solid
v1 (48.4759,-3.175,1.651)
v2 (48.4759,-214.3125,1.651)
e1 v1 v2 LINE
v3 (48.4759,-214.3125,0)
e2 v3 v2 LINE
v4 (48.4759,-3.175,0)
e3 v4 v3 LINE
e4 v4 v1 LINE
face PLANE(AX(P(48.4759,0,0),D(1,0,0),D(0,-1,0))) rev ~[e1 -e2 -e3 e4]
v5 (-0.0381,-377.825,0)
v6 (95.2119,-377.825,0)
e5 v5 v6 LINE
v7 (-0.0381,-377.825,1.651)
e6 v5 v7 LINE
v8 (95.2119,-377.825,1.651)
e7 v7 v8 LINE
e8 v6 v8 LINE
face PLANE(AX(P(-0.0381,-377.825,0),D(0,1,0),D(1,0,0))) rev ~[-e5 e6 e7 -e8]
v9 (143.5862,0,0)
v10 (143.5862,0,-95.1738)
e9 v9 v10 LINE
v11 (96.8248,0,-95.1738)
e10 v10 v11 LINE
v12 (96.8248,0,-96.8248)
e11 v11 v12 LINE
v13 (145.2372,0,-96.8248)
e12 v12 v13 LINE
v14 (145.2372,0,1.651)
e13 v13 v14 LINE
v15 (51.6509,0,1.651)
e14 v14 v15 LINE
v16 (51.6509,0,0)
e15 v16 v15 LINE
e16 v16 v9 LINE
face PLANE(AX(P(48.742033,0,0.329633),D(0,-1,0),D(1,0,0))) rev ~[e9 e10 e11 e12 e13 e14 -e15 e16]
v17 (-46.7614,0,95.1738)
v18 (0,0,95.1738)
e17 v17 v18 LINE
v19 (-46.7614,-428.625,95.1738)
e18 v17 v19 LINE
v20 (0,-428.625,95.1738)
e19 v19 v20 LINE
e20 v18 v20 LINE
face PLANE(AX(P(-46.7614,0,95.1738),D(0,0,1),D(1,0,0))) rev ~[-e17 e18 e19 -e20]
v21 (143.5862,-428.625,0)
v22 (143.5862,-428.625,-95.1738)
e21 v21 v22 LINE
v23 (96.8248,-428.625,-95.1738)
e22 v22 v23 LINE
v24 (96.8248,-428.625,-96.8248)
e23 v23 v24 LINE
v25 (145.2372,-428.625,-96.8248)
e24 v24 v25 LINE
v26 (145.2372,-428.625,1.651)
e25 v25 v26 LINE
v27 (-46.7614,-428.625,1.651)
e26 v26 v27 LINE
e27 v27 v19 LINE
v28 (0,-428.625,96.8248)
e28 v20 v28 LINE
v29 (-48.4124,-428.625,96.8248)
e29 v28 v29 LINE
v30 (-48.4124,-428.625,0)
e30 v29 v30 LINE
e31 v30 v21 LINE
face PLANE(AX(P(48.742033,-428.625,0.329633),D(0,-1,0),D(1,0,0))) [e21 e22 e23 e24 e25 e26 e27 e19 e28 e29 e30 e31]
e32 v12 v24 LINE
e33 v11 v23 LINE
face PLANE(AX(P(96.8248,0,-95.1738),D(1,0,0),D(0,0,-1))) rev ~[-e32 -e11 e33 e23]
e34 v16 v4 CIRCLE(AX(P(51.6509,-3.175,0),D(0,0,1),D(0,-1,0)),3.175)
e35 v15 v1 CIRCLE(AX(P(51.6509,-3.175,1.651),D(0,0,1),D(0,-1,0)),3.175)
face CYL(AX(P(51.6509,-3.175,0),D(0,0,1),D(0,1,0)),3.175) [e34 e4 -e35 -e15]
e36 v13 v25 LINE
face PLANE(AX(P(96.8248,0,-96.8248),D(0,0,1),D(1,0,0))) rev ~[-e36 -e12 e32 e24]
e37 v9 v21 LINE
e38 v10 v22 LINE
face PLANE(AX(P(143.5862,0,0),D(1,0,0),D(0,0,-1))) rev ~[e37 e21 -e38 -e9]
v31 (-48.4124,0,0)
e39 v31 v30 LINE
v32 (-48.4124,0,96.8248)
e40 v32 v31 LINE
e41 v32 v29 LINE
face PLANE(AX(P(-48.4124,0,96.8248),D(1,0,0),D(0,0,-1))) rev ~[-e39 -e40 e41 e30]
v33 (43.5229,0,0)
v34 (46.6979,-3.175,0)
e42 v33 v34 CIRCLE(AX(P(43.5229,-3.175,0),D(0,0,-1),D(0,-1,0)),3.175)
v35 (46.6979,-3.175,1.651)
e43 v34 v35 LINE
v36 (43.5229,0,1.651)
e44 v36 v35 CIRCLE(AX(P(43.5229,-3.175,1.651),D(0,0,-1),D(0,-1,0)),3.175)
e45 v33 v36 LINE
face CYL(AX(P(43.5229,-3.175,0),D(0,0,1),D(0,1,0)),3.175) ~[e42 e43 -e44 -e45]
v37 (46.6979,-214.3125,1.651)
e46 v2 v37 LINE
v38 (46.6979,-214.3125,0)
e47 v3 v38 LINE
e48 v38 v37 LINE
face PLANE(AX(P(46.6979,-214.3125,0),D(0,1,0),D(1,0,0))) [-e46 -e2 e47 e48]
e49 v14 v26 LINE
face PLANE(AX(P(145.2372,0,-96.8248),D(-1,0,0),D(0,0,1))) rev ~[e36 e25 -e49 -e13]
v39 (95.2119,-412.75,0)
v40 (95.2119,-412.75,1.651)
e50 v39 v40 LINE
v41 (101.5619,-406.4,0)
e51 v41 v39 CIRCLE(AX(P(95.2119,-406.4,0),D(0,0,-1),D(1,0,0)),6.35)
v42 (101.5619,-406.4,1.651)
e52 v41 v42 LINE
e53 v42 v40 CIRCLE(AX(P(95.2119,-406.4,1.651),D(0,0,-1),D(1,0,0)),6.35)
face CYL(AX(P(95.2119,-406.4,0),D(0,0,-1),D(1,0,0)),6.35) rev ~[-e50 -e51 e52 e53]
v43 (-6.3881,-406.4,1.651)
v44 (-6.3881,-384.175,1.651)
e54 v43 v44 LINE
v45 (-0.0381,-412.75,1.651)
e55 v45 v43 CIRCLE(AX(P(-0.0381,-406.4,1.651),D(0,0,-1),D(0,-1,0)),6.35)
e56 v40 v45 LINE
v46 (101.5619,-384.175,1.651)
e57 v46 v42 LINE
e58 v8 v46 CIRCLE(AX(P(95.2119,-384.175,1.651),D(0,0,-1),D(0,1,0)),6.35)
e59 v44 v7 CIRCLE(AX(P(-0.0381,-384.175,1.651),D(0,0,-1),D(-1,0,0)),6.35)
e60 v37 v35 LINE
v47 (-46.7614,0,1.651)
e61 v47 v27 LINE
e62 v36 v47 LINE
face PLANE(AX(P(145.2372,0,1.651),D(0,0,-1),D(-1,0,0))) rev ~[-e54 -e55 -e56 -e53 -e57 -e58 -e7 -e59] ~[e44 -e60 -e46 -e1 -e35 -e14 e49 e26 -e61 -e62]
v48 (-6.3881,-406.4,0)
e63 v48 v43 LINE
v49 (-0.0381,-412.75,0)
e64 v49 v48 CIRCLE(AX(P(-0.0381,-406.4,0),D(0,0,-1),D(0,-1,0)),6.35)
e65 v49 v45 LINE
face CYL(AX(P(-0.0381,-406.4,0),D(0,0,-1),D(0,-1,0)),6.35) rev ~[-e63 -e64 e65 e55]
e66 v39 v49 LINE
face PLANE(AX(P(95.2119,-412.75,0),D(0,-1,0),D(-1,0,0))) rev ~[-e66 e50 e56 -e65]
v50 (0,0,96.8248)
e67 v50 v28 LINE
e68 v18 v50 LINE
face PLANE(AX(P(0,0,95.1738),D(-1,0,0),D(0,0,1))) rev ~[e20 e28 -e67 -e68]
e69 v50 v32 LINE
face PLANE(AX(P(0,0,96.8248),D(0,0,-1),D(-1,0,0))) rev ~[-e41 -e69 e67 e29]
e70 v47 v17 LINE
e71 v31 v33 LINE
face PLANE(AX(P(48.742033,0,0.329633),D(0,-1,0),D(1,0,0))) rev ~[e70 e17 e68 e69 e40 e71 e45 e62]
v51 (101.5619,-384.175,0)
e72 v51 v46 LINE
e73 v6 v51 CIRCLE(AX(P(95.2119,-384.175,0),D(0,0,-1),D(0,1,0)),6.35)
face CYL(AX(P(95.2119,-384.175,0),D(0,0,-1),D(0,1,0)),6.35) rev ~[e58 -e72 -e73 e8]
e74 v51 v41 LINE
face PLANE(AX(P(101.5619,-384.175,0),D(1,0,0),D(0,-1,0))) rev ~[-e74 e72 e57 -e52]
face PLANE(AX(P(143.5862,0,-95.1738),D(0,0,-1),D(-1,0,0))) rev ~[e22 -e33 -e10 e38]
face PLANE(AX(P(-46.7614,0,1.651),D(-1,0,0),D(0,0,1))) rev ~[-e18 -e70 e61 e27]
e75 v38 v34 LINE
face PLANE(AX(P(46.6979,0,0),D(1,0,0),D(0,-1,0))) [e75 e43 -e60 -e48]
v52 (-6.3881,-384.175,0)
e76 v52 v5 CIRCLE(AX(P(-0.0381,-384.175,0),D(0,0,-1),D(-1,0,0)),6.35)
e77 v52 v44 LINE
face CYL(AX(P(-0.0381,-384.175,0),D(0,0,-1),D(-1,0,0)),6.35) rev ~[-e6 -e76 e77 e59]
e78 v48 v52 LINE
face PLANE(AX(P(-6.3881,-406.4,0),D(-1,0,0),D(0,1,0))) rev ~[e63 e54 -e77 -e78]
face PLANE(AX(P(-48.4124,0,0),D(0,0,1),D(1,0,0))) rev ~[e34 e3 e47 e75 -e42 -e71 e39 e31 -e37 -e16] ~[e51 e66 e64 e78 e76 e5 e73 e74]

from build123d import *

# Parameters (mm, degrees)
F1_DEPTH = 428.625
F2_W     = 1.778
F2_H     = 214.3125
F3_DEPTH = 1.651
F4_R     = 3.175
F5_R     = 0.762
F6_DEPTH = 25.4


with BuildPart() as f1:
    # F0 (on Front) → F1 (new body)
    with BuildSketch(Plane.XZ):
        Polygon((0, 95.1738), (0, 96.8248), (-48.4124, 96.8248), (-48.4124, 0), (143.5862, 0), (143.5862, -95.1738), (96.8248, -95.1738), (96.8248, -96.8248), (145.2372, -96.8248), (145.2372, 1.651), (-46.7614, 1.651), (-46.7614, 95.1738), align=None)
    extrude(amount=F1_DEPTH)

    # F2 (on face) → F3 (cut)
    with BuildSketch(Plane(origin=(0, 0, 0), x_dir=(1, 0, 0), z_dir=(0, 0, -1))):
        with Locations((47.5869, 107.15625)):
            Rectangle(F2_W, F2_H)
        with BuildLine():
            Line((101.5619, 384.175), (101.5619, 406.4))
            ThreePointArc((101.5619, 406.4), (99.7020280605, 410.8901280605), (95.2119, 412.75))
            Line((95.2119, 412.75), (-0.0381, 412.75))
            ThreePointArc((-0.0381, 412.75), (-4.5282280605, 410.8901280605), (-6.3881, 406.4))
            Line((-6.3881, 406.4), (-6.3881, 384.175))
            ThreePointArc((-6.3881, 384.175), (-4.5282280605, 379.6848719395), (-0.0381, 377.825))
            Line((-0.0381, 377.825), (95.2119, 377.825))
            ThreePointArc((95.2119, 377.825), (99.7020280605, 379.6848719395), (101.5619, 384.175))
        make_face()
    extrude(amount=-F3_DEPTH, mode=Mode.SUBTRACT)

    # F4
    f4_edges = [f1.edges().sort_by_distance(p)[0] for p in [
        (48.4759, 0, 0.8255),
        (46.6979, 0, 0.8255),
    ]]
    fillet(f4_edges, radius=F4_R)

    # F5
    f5_edges = [f1.edges().sort_by_distance(p)[0] for p in [
        (46.6979, -214.3125, 0.8255),
        (48.4759, -214.3125, 0.8255),
    ]]
    fillet(f5_edges, radius=F5_R)

    # F2 (on face) → F6 (cut)
    with BuildSketch(Plane(origin=(0, 0, 0), x_dir=(1, 0, 0), z_dir=(0, 0, -1))):
        with Locations((47.5869, 107.15625)):
            Rectangle(F2_W, F2_H)
        with BuildLine():
            Line((101.5619, 384.175), (101.5619, 406.4))
            ThreePointArc((101.5619, 406.4), (99.7020280605, 410.8901280605), (95.2119, 412.75))
            Line((95.2119, 412.75), (-0.0381, 412.75))
            ThreePointArc((-0.0381, 412.75), (-4.5282280605, 410.8901280605), (-6.3881, 406.4))
            Line((-6.3881, 406.4), (-6.3881, 384.175))
            ThreePointArc((-6.3881, 384.175), (-4.5282280605, 379.6848719395), (-0.0381, 377.825))
            Line((-0.0381, 377.825), (95.2119, 377.825))
            ThreePointArc((95.2119, 377.825), (99.7020280605, 379.6848719395), (101.5619, 384.175))
        make_face()
    extrude(amount=-F6_DEPTH, mode=Mode.SUBTRACT)


solid = f1.part
